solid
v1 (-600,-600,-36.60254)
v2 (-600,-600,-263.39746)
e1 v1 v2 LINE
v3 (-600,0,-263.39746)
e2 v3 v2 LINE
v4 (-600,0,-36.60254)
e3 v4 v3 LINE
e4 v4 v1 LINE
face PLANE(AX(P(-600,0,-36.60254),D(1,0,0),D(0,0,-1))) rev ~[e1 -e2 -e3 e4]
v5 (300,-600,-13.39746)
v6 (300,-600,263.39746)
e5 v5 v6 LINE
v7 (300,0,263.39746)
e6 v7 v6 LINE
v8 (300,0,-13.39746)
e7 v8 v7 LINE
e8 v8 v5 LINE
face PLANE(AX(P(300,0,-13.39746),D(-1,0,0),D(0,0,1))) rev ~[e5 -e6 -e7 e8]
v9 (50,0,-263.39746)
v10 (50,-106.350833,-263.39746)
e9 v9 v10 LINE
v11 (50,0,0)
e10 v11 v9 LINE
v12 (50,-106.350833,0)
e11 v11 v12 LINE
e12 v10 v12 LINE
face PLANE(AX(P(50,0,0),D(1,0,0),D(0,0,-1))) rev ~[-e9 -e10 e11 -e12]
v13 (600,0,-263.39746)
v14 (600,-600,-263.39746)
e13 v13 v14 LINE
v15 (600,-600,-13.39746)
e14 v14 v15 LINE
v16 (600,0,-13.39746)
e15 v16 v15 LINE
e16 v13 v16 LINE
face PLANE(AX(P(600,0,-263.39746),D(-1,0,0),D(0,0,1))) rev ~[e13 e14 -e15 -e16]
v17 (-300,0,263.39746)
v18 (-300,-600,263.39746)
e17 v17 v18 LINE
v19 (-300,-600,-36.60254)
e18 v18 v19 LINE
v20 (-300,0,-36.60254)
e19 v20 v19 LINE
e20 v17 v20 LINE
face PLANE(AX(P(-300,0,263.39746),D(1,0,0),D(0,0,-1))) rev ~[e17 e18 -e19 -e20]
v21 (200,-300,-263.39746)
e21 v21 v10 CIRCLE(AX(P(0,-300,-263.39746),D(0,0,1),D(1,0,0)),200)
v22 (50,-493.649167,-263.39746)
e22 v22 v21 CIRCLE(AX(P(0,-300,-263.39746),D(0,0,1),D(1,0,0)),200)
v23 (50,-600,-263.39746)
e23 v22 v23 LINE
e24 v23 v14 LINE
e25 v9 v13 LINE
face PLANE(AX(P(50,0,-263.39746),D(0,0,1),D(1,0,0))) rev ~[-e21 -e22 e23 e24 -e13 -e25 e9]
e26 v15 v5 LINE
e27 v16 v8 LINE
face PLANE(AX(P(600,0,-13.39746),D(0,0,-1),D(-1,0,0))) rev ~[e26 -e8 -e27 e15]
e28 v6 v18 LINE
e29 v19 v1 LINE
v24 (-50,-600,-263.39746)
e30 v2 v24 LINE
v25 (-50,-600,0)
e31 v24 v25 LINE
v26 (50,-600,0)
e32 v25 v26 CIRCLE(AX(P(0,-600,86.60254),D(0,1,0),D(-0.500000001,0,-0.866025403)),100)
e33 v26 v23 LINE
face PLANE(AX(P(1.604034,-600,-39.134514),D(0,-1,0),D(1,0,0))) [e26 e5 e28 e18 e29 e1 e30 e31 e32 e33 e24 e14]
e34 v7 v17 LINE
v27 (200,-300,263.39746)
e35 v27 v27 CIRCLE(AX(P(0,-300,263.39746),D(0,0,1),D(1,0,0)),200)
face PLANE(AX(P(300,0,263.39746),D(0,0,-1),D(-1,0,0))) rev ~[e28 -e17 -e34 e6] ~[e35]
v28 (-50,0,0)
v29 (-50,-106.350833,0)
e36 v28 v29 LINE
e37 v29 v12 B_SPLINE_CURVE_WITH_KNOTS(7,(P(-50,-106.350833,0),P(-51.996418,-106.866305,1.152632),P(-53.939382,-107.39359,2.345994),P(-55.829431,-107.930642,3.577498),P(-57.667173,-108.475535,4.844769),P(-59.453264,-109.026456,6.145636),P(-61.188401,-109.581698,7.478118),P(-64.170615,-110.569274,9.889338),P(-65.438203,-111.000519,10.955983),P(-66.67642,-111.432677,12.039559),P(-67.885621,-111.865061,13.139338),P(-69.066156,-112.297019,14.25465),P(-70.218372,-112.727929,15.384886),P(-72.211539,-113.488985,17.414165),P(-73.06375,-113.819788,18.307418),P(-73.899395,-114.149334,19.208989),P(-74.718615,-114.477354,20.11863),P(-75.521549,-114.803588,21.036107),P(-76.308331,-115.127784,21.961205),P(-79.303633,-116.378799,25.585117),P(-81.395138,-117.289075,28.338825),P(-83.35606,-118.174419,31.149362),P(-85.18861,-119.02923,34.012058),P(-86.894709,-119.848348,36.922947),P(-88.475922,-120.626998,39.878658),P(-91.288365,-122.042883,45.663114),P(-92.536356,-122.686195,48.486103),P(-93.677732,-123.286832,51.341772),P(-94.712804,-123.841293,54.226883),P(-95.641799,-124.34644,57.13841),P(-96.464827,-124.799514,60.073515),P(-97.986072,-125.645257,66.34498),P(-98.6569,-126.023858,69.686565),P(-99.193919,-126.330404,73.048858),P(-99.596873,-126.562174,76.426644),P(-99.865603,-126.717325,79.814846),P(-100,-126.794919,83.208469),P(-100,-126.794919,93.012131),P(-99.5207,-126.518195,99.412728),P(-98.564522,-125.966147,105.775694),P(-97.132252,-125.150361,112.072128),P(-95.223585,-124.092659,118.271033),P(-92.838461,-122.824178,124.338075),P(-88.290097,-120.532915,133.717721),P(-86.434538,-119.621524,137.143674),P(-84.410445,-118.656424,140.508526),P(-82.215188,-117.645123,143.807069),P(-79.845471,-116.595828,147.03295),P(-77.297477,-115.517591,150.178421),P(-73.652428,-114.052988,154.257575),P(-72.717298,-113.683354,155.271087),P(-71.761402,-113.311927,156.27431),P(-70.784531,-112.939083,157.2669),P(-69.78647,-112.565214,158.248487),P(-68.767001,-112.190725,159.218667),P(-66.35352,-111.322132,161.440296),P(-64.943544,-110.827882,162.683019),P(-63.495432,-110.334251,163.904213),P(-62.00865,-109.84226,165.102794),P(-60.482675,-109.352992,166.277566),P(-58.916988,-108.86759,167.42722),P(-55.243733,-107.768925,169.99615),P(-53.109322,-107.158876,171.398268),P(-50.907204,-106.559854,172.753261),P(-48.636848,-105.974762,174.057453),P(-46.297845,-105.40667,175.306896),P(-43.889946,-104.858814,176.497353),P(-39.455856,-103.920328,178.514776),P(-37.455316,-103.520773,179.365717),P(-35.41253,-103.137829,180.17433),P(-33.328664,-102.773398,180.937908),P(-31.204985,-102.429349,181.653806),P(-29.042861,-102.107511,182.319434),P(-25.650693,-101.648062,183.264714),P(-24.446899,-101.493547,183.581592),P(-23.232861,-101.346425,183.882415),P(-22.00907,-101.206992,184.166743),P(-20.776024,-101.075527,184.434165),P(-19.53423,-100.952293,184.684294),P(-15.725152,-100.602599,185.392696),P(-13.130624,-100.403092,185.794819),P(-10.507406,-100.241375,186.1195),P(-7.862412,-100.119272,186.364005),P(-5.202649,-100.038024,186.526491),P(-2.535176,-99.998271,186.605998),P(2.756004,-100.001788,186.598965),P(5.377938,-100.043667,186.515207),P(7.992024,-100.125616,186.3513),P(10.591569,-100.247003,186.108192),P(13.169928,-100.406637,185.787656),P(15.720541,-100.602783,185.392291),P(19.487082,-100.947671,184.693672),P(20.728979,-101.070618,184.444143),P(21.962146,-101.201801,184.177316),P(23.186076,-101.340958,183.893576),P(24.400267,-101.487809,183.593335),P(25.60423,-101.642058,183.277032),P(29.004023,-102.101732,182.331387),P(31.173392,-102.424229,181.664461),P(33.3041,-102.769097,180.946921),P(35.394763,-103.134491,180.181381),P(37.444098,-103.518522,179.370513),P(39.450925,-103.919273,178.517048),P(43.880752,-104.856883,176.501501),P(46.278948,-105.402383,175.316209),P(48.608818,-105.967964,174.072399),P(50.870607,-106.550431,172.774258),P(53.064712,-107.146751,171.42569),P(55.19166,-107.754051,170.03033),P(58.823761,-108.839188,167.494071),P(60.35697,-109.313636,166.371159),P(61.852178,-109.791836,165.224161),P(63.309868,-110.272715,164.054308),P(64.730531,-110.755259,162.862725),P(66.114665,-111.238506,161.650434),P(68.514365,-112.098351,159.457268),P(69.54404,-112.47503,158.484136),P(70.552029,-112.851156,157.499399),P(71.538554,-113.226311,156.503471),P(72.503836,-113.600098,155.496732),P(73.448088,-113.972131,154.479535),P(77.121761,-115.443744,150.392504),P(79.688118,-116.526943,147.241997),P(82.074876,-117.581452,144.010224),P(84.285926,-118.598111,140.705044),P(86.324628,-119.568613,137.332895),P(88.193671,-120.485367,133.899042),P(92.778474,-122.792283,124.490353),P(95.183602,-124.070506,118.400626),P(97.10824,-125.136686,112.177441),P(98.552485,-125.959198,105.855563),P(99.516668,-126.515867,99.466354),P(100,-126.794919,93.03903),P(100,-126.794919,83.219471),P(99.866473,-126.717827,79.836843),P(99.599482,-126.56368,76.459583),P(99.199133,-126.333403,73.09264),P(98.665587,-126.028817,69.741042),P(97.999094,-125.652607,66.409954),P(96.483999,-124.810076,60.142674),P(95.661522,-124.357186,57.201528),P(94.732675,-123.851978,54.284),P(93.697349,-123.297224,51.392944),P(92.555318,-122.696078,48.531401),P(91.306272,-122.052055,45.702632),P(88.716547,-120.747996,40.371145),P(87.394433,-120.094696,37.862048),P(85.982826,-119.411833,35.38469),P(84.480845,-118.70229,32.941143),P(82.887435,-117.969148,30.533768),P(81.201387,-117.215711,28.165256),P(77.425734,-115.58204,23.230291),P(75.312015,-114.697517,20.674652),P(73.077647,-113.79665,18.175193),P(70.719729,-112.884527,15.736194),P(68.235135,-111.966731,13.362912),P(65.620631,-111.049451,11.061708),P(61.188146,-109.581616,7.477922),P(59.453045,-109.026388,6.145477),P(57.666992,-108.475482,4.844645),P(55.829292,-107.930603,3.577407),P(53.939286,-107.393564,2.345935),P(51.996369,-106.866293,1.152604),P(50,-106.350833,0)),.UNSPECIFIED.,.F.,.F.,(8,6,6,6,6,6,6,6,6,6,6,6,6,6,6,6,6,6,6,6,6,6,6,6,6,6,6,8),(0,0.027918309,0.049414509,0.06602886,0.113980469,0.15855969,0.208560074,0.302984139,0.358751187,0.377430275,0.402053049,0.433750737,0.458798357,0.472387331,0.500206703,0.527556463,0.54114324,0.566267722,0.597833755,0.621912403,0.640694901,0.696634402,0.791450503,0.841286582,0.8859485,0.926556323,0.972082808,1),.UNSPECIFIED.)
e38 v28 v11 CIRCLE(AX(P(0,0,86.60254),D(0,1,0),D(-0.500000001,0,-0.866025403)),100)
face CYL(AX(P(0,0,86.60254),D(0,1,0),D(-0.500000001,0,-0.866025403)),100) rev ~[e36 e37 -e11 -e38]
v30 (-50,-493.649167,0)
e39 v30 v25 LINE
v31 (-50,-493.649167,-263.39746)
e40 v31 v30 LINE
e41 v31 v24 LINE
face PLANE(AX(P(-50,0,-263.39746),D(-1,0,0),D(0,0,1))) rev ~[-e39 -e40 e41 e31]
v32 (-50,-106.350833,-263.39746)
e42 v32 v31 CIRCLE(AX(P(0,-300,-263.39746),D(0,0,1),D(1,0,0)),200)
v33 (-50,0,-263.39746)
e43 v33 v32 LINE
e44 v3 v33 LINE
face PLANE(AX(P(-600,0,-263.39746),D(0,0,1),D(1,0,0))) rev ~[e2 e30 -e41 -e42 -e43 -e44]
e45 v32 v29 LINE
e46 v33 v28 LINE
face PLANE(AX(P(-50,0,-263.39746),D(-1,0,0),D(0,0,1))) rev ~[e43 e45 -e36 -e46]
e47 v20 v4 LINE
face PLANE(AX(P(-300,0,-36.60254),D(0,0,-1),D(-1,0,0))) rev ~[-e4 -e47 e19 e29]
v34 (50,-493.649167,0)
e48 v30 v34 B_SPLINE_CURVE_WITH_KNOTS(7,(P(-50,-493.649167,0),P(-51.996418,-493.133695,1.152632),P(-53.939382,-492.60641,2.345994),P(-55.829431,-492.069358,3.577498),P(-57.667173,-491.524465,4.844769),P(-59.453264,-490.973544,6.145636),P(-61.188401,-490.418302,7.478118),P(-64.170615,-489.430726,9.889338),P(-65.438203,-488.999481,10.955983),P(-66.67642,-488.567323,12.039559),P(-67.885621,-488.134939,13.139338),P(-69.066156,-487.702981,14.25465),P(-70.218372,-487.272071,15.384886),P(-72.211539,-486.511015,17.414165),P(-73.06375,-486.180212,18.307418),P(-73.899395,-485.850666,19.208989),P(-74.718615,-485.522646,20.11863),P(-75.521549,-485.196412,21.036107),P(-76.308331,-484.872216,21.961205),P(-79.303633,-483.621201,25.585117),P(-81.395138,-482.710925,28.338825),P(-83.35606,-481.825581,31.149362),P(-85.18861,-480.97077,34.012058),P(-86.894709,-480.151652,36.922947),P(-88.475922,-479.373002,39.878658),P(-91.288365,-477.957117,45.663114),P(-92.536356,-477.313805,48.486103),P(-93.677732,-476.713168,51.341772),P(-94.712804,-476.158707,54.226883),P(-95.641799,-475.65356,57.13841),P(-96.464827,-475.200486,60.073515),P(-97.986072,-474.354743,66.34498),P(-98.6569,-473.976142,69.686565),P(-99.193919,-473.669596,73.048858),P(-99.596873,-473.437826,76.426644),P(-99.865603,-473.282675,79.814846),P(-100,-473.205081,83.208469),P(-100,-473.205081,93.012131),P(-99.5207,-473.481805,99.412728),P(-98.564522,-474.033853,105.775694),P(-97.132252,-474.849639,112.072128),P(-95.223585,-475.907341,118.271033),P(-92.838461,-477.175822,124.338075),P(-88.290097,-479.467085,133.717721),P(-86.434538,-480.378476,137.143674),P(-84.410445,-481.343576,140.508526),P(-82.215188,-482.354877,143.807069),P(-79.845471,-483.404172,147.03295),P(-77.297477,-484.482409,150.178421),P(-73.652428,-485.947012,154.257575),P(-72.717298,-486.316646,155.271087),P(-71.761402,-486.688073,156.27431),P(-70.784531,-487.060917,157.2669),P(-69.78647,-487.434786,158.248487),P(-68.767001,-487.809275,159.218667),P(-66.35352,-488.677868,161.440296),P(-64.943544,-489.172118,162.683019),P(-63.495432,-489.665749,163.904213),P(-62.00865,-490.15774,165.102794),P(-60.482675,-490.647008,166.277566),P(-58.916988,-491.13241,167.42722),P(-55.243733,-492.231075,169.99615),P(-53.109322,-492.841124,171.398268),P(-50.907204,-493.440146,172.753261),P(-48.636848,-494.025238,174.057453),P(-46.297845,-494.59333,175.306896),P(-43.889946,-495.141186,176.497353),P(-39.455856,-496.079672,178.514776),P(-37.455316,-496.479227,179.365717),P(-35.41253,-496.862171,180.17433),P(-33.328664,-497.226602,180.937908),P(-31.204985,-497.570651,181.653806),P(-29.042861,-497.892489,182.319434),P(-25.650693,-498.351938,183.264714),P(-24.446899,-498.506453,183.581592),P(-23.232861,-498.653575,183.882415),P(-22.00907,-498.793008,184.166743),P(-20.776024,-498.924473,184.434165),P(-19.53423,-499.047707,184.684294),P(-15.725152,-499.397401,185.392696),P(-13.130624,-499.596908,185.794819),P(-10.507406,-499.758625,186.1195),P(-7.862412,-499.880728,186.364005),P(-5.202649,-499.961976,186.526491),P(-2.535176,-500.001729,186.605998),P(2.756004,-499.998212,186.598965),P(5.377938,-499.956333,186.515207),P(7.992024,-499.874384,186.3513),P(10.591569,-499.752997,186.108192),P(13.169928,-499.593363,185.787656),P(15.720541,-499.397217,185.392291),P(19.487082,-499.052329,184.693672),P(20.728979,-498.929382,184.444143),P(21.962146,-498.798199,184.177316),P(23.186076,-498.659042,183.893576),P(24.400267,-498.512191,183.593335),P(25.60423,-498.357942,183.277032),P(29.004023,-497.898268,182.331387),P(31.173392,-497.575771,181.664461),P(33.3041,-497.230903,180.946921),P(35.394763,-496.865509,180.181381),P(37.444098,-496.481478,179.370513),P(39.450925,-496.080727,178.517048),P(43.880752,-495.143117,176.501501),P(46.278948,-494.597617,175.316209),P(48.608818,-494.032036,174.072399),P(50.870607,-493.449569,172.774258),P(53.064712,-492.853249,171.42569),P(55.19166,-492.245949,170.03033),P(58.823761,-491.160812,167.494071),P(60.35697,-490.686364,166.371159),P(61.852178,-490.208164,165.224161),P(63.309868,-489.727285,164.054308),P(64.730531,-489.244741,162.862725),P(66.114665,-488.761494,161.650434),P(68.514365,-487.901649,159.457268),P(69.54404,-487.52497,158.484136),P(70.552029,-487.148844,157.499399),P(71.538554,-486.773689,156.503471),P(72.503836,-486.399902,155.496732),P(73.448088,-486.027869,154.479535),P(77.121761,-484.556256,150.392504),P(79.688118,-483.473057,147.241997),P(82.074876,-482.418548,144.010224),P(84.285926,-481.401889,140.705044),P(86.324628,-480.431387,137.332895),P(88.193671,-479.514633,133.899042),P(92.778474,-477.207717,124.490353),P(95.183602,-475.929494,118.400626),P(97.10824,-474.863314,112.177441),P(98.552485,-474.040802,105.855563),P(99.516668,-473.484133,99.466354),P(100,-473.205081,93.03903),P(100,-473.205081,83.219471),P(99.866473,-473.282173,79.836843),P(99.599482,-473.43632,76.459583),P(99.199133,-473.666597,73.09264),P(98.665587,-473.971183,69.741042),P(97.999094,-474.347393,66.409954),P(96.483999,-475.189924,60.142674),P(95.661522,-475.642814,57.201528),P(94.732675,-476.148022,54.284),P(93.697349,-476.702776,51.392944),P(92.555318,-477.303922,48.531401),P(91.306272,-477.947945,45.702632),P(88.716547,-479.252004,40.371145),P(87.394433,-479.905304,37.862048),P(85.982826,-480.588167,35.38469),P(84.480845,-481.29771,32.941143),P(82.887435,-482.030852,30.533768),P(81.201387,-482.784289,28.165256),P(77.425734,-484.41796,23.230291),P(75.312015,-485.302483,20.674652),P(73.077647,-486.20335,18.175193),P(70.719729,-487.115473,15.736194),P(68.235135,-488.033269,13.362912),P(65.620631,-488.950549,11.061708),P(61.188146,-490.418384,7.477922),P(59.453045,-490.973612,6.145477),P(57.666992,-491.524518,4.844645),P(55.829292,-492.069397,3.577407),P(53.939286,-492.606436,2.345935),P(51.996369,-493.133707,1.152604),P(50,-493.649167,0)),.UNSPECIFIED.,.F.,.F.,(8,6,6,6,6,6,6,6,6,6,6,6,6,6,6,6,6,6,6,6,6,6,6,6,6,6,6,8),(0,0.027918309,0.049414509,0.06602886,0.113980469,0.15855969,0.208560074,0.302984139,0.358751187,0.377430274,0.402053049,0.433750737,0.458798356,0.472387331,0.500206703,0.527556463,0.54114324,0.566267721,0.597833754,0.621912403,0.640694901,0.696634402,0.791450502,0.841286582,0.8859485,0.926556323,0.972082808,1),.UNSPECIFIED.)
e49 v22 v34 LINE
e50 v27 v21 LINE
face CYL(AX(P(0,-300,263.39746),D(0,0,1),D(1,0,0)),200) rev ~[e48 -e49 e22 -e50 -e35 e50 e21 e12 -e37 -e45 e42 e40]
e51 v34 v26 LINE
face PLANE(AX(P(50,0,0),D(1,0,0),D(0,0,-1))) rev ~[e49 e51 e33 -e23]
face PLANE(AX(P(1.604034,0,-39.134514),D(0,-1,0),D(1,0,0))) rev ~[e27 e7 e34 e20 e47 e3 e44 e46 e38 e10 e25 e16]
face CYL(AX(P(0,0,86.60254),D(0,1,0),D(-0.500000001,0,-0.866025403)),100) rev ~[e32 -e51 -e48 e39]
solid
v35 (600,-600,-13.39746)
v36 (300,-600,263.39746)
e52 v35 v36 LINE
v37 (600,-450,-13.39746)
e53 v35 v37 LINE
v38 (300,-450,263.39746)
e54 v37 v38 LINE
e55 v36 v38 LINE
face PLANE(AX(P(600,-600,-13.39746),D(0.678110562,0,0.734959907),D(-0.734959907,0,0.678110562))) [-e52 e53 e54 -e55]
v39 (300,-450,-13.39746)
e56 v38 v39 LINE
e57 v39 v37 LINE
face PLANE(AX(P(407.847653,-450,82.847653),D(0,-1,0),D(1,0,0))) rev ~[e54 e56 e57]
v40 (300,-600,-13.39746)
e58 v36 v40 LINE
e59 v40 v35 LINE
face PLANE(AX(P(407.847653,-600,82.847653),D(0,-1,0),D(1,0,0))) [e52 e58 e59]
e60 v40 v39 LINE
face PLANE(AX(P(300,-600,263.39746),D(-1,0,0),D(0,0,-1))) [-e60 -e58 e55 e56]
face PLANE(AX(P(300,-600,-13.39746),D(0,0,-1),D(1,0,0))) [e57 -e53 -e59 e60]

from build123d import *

# Parameters (mm, degrees)
F1_DEPTH = 600
F2_R     = 200
F3_DEPTH = 526.795919
F5_DEPTH = 150


with BuildPart() as f1:
    # F0 (on Front) → F1 (new body)
    with BuildSketch(Plane.XZ):
        with BuildLine():
            Line((300, -13.39746), (300, 263.39746))
            Line((300, 263.39746), (-300, 263.39746))
            Line((-300, 263.39746), (-300, -36.60254))
            Line((-300, -36.60254), (-600, -36.60254))
            Line((-600, -36.60254), (-600, -263.39746))
            Line((-600, -263.39746), (-50, -263.39746))
            Line((-50, -263.39746), (-50, 0))
            ThreePointArc((-50, 0), (0, 186.60254), (50, 0))
            Line((50, 0), (50, -263.39746))
            Line((50, -263.39746), (600, -263.39746))
            Line((600, -263.39746), (600, -13.39746))
            Line((600, -13.39746), (300, -13.39746))
        make_face()
    extrude(amount=F1_DEPTH)

    # F2 (on face) → F3 (cut, through all)
    with BuildSketch(Plane.XY.offset(263.39746)):
        with Locations((0, -300)):
            Circle(F2_R)
    extrude(amount=-F3_DEPTH, mode=Mode.SUBTRACT)


with BuildPart() as f5:
    # F4 (on face) → F5 (new body)
    with BuildSketch(Plane.XZ.offset(600)):
        Polygon((600, -13.39746), (300, 263.39746), (300, -13.39746), align=None)
    extrude(amount=-F5_DEPTH)


solid = Compound([f1.part, f5.part])
